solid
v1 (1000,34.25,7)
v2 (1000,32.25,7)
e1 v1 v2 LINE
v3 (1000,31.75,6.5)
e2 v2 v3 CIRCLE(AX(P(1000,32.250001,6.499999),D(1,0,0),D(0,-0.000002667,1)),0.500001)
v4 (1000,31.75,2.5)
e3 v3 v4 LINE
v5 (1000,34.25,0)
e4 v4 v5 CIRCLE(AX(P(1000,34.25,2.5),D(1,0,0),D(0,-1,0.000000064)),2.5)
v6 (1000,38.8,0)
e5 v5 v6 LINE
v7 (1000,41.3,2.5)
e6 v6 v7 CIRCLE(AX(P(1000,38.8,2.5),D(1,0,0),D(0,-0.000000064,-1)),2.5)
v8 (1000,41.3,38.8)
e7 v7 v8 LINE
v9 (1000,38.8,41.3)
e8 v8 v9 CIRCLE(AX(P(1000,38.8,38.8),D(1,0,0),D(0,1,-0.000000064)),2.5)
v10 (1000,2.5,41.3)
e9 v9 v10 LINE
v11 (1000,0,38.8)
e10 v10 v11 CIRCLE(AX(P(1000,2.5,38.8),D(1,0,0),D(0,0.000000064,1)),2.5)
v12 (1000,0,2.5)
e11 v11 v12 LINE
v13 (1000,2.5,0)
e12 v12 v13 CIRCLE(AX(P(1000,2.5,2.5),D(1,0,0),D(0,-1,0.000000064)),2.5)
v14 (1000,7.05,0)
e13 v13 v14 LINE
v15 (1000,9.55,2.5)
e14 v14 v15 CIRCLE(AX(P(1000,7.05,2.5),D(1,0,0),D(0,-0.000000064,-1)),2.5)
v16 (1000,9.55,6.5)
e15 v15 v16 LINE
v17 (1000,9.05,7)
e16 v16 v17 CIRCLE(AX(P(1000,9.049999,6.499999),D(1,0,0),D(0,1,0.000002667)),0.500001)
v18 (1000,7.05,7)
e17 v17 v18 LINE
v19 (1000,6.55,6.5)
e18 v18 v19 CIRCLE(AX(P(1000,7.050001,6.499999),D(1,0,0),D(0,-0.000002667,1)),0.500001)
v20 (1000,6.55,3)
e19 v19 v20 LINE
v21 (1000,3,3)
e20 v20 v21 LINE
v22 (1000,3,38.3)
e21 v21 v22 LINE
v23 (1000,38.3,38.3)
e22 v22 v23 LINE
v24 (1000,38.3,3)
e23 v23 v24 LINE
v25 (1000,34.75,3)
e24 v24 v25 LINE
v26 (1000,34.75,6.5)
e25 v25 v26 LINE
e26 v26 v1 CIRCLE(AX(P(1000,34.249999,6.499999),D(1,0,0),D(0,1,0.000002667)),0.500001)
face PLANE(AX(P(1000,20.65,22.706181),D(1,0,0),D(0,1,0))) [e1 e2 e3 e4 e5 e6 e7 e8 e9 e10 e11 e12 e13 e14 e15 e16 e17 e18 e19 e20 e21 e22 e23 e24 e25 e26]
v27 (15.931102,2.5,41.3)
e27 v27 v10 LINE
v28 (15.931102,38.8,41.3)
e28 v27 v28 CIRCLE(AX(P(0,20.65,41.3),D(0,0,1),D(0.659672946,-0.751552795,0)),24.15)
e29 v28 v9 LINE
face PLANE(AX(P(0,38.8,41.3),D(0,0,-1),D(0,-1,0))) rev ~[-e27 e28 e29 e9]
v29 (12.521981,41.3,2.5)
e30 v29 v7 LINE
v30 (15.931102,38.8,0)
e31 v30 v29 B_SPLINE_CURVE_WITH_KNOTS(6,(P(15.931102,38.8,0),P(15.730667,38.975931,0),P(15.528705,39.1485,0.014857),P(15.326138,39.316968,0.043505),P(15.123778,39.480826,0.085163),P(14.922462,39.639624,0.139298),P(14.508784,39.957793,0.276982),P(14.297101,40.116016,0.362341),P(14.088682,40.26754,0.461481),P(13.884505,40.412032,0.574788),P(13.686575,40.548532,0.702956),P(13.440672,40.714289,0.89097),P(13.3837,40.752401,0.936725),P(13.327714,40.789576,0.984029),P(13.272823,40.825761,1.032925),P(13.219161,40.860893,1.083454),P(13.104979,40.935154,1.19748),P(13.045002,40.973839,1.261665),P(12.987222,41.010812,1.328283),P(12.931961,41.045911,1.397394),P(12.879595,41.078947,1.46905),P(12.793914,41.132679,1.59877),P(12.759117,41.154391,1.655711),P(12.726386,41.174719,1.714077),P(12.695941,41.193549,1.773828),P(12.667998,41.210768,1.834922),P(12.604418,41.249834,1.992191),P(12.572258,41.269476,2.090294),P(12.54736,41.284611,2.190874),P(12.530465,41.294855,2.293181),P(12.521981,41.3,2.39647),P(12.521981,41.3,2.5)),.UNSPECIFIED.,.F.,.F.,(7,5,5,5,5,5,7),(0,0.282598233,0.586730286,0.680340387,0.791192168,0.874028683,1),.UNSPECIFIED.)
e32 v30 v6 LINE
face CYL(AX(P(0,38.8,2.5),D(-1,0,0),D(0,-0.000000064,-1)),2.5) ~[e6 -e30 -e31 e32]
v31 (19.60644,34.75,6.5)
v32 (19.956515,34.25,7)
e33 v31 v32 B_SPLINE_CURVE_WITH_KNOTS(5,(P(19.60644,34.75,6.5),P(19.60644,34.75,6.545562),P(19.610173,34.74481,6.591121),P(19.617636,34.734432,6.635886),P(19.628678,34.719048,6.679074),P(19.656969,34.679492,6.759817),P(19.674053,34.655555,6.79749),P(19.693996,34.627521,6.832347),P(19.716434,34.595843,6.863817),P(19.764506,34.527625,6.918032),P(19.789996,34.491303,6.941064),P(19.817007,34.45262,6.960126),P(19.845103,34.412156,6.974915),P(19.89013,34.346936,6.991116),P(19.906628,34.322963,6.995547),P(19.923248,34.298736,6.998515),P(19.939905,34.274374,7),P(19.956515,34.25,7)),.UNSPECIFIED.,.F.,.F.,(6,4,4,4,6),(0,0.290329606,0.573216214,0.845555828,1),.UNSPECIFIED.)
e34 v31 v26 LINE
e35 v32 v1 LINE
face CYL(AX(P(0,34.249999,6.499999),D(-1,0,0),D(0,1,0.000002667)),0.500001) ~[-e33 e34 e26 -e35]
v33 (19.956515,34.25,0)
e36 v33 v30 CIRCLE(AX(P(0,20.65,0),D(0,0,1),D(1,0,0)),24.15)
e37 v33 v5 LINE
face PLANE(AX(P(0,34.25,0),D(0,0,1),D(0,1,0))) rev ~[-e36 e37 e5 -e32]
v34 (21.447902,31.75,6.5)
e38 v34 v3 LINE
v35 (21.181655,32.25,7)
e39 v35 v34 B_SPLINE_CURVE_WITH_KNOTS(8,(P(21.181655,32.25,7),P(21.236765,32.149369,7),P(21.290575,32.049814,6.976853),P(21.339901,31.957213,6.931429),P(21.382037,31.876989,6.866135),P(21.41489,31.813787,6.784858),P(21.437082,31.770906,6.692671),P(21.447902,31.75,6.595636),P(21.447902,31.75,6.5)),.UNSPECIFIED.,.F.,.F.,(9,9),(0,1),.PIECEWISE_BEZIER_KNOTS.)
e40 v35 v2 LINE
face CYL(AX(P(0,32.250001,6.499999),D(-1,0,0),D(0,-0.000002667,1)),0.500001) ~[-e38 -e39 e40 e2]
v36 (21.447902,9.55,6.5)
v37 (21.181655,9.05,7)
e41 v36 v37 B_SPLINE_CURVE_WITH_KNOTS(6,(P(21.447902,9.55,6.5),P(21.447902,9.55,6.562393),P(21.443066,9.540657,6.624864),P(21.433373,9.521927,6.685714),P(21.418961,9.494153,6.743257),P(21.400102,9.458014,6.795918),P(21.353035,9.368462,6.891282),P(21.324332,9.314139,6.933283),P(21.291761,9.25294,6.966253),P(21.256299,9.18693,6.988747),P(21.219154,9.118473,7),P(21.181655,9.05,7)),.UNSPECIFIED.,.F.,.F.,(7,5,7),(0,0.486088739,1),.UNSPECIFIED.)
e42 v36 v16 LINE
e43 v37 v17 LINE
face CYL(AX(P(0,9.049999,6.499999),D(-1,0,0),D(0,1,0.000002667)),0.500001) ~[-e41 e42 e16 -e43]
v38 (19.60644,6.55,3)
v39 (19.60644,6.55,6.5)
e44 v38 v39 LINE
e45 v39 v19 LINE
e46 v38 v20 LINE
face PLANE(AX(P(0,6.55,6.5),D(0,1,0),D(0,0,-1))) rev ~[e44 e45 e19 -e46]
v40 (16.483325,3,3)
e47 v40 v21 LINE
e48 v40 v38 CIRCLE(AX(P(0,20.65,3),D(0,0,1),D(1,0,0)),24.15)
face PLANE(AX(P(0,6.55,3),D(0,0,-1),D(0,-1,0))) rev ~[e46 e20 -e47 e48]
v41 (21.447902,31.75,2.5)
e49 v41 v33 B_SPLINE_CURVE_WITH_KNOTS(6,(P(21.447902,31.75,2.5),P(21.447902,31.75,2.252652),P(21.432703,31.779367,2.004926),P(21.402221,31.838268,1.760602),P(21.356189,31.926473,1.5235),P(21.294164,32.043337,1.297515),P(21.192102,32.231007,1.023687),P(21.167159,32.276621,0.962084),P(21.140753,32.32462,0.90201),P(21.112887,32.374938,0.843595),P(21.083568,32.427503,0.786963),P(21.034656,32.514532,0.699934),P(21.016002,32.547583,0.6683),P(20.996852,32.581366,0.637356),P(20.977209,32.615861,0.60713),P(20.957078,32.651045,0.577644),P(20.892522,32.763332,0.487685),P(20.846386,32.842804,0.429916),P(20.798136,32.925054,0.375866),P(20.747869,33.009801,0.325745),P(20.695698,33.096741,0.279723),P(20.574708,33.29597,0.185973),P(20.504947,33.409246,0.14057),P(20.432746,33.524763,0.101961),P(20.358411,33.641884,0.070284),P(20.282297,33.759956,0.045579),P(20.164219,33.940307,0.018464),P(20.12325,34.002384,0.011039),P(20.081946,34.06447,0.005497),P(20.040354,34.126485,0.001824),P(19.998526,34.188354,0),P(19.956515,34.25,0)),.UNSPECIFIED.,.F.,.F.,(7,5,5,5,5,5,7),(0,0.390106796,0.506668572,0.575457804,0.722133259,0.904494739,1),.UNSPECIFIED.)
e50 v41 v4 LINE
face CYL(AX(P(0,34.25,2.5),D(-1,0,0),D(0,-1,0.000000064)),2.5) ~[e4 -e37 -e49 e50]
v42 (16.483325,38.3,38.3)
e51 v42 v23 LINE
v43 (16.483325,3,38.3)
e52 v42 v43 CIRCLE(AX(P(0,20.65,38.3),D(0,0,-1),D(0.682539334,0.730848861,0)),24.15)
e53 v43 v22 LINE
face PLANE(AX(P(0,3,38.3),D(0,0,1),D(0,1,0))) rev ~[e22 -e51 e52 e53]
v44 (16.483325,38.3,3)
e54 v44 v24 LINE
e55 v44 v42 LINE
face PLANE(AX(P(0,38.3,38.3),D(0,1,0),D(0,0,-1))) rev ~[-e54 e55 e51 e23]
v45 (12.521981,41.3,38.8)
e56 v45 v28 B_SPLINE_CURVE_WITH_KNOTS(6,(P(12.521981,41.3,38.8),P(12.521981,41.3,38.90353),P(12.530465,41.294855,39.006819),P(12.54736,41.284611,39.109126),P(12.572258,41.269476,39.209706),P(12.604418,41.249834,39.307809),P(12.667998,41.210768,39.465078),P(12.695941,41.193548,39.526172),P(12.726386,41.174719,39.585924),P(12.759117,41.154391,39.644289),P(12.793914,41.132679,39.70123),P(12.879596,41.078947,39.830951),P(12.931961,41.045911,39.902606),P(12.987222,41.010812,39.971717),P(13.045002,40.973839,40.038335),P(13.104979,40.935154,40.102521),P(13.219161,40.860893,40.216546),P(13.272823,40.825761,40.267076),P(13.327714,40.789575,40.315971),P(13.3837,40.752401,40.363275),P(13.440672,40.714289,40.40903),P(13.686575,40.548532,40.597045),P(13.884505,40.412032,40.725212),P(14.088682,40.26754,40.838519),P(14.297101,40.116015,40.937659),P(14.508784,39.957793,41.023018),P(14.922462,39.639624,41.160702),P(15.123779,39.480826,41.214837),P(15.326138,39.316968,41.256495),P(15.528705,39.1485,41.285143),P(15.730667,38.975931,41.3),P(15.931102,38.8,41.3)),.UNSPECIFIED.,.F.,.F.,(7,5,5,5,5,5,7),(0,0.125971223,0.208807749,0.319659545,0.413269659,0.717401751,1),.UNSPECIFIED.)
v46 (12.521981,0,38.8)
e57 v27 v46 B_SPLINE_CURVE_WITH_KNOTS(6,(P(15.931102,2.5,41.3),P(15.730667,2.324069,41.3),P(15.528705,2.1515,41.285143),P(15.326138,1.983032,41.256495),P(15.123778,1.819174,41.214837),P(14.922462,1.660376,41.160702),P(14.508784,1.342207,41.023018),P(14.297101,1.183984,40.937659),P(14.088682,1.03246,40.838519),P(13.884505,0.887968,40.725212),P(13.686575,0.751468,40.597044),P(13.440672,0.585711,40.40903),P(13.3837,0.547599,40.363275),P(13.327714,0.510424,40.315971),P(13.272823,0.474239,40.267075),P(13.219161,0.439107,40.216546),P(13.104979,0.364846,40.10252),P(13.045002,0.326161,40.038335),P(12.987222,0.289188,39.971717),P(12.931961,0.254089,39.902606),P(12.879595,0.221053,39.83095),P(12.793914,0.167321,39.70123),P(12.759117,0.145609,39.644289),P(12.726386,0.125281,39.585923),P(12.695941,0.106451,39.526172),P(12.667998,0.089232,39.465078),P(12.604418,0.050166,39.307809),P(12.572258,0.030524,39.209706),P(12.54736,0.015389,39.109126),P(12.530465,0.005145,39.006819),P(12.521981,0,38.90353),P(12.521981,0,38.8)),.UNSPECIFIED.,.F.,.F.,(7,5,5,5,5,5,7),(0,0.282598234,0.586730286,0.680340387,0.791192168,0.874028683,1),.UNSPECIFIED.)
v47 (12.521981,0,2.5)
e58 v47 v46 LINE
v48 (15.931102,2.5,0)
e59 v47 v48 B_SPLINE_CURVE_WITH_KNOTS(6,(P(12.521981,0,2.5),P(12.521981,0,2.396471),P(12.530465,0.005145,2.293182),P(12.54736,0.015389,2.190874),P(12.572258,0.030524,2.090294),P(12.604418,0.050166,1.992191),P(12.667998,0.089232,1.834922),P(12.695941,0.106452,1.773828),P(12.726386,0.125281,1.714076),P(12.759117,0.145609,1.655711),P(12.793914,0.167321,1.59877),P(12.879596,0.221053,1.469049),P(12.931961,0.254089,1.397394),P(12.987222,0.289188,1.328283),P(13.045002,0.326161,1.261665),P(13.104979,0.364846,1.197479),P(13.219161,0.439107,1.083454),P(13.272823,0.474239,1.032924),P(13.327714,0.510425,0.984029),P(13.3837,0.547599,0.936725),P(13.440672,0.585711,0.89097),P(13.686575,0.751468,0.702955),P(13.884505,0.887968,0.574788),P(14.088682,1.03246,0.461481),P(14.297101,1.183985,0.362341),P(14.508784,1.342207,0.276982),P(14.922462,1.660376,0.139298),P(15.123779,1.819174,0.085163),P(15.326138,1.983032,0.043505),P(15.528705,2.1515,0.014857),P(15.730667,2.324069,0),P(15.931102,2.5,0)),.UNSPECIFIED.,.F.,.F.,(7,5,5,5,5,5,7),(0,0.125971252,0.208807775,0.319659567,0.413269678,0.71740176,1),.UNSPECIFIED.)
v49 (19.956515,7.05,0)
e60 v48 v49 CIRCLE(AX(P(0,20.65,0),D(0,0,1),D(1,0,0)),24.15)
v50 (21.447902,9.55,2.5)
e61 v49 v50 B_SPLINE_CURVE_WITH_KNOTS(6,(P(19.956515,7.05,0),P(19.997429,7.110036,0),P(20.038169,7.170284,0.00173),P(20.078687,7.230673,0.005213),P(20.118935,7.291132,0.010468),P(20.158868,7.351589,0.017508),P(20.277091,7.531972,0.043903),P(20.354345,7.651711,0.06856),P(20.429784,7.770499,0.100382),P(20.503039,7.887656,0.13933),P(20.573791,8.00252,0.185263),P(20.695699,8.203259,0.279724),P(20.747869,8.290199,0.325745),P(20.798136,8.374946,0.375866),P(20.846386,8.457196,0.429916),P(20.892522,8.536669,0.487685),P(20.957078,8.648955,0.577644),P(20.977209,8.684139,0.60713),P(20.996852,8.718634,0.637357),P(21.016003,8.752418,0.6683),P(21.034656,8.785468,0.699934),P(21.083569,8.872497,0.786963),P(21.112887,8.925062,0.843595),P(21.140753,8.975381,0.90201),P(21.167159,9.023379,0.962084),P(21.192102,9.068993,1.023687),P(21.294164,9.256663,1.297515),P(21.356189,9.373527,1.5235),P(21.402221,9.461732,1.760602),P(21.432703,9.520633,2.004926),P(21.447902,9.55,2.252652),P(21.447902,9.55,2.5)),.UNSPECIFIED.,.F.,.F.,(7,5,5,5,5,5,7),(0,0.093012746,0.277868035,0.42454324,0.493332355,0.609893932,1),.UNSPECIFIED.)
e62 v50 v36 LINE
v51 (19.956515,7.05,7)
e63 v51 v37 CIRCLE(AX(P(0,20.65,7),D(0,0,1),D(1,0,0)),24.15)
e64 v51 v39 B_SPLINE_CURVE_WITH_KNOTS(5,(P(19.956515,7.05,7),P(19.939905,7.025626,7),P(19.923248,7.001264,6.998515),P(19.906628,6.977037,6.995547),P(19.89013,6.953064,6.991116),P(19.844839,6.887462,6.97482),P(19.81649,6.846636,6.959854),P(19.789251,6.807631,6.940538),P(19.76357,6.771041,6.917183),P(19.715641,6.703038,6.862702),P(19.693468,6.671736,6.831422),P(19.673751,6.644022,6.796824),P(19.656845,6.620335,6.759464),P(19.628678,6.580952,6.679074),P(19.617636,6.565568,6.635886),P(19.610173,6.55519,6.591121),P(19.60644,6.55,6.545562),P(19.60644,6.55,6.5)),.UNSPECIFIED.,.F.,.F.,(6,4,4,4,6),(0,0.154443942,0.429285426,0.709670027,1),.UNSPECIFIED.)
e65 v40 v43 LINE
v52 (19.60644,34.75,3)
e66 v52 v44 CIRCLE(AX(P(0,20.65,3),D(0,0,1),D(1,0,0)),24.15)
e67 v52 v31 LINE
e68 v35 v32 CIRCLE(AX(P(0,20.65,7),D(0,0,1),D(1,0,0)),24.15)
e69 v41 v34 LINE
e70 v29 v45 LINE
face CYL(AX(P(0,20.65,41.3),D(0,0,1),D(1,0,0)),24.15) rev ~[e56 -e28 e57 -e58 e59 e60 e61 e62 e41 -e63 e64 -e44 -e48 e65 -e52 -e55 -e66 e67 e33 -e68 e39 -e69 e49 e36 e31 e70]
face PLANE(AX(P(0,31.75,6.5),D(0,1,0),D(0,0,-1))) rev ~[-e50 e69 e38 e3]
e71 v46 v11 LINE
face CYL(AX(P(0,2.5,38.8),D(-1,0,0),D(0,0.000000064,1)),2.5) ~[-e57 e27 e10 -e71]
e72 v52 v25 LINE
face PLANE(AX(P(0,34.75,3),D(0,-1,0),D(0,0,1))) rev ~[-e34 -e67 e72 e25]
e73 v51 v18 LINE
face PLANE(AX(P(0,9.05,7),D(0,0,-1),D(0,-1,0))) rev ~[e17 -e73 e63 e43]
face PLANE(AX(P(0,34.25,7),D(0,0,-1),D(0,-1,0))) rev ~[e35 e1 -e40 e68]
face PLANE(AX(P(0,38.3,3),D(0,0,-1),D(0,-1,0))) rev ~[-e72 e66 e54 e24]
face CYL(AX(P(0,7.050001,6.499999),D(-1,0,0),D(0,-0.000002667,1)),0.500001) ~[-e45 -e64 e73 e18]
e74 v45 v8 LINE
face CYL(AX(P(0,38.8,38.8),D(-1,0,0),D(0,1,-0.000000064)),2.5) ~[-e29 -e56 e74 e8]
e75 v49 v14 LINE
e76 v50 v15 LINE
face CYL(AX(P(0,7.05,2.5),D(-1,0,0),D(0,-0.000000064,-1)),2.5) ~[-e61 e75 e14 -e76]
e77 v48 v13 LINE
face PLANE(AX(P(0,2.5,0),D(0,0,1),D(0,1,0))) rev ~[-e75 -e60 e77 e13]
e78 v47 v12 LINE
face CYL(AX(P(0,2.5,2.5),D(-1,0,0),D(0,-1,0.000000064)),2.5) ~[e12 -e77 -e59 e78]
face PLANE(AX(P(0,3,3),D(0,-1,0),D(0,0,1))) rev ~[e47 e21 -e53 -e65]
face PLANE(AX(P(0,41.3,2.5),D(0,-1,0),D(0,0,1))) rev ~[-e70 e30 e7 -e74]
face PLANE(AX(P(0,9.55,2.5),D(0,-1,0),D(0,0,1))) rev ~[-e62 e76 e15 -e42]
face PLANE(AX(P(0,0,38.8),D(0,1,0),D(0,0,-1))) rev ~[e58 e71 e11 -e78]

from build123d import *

# Parameters (mm, degrees)
F1_DEPTH = 1000
F2_R     = 24.15
F3_DEPTH = 41.301


with BuildPart() as f1:
    # F0 (on Right) → F1 (new body)
    with BuildSketch(Plane.YZ):
        with BuildLine():
            Line((0, 38.8), (0, 2.5))
            ThreePointArc((0, 2.5), (0.732233, 0.732233), (2.5, 0))
            Line((2.5, 0), (7.05, 0))
            ThreePointArc((7.05, 0), (8.817767, 0.732233), (9.55, 2.5))
            Line((9.55, 2.5), (9.55, 3))
            Line((9.55, 3), (9.55, 6.5))
            ThreePointArc((9.55, 6.5), (9.403553, 6.853553), (9.05, 7))
            Line((9.05, 7), (7.05, 7))
            ThreePointArc((7.05, 7), (6.696447, 6.853553), (6.55, 6.5))
            Line((6.55, 6.5), (6.55, 3))
            Line((6.55, 3), (3, 3))
            Line((3, 3), (3, 38.3))
            Line((3, 38.3), (38.3, 38.3))
            Line((38.3, 38.3), (38.3, 3))
            Line((38.3, 3), (34.75, 3))
            Line((34.75, 3), (34.75, 6.5))
            ThreePointArc((34.75, 6.5), (34.603553, 6.853553), (34.25, 7))
            Line((34.25, 7), (32.25, 7))
            ThreePointArc((32.25, 7), (31.896447, 6.853553), (31.75, 6.5))
            Line((31.75, 6.5), (31.75, 3))
            Line((31.75, 3), (31.75, 2.5))
            ThreePointArc((31.75, 2.5), (32.482233, 0.732233), (34.25, 0))
            Line((34.25, 0), (38.8, 0))
            ThreePointArc((38.8, 0), (40.567767, 0.732233), (41.3, 2.5))
            Line((41.3, 2.5), (41.3, 38.8))
            ThreePointArc((41.3, 38.8), (40.567767, 40.567767), (38.8, 41.3))
            Line((38.8, 41.3), (2.5, 41.3))
            ThreePointArc((2.5, 41.3), (0.732233, 40.567767), (0, 38.8))
        make_face()
    extrude(amount=F1_DEPTH)

    # F2 (on face) → F3 (cut, through all)
    with BuildSketch(Plane.XY.offset(41.3)):
        with Locations((0, 20.65)):
            Circle(F2_R)
    extrude(amount=-F3_DEPTH, mode=Mode.SUBTRACT)


solid = f1.part
